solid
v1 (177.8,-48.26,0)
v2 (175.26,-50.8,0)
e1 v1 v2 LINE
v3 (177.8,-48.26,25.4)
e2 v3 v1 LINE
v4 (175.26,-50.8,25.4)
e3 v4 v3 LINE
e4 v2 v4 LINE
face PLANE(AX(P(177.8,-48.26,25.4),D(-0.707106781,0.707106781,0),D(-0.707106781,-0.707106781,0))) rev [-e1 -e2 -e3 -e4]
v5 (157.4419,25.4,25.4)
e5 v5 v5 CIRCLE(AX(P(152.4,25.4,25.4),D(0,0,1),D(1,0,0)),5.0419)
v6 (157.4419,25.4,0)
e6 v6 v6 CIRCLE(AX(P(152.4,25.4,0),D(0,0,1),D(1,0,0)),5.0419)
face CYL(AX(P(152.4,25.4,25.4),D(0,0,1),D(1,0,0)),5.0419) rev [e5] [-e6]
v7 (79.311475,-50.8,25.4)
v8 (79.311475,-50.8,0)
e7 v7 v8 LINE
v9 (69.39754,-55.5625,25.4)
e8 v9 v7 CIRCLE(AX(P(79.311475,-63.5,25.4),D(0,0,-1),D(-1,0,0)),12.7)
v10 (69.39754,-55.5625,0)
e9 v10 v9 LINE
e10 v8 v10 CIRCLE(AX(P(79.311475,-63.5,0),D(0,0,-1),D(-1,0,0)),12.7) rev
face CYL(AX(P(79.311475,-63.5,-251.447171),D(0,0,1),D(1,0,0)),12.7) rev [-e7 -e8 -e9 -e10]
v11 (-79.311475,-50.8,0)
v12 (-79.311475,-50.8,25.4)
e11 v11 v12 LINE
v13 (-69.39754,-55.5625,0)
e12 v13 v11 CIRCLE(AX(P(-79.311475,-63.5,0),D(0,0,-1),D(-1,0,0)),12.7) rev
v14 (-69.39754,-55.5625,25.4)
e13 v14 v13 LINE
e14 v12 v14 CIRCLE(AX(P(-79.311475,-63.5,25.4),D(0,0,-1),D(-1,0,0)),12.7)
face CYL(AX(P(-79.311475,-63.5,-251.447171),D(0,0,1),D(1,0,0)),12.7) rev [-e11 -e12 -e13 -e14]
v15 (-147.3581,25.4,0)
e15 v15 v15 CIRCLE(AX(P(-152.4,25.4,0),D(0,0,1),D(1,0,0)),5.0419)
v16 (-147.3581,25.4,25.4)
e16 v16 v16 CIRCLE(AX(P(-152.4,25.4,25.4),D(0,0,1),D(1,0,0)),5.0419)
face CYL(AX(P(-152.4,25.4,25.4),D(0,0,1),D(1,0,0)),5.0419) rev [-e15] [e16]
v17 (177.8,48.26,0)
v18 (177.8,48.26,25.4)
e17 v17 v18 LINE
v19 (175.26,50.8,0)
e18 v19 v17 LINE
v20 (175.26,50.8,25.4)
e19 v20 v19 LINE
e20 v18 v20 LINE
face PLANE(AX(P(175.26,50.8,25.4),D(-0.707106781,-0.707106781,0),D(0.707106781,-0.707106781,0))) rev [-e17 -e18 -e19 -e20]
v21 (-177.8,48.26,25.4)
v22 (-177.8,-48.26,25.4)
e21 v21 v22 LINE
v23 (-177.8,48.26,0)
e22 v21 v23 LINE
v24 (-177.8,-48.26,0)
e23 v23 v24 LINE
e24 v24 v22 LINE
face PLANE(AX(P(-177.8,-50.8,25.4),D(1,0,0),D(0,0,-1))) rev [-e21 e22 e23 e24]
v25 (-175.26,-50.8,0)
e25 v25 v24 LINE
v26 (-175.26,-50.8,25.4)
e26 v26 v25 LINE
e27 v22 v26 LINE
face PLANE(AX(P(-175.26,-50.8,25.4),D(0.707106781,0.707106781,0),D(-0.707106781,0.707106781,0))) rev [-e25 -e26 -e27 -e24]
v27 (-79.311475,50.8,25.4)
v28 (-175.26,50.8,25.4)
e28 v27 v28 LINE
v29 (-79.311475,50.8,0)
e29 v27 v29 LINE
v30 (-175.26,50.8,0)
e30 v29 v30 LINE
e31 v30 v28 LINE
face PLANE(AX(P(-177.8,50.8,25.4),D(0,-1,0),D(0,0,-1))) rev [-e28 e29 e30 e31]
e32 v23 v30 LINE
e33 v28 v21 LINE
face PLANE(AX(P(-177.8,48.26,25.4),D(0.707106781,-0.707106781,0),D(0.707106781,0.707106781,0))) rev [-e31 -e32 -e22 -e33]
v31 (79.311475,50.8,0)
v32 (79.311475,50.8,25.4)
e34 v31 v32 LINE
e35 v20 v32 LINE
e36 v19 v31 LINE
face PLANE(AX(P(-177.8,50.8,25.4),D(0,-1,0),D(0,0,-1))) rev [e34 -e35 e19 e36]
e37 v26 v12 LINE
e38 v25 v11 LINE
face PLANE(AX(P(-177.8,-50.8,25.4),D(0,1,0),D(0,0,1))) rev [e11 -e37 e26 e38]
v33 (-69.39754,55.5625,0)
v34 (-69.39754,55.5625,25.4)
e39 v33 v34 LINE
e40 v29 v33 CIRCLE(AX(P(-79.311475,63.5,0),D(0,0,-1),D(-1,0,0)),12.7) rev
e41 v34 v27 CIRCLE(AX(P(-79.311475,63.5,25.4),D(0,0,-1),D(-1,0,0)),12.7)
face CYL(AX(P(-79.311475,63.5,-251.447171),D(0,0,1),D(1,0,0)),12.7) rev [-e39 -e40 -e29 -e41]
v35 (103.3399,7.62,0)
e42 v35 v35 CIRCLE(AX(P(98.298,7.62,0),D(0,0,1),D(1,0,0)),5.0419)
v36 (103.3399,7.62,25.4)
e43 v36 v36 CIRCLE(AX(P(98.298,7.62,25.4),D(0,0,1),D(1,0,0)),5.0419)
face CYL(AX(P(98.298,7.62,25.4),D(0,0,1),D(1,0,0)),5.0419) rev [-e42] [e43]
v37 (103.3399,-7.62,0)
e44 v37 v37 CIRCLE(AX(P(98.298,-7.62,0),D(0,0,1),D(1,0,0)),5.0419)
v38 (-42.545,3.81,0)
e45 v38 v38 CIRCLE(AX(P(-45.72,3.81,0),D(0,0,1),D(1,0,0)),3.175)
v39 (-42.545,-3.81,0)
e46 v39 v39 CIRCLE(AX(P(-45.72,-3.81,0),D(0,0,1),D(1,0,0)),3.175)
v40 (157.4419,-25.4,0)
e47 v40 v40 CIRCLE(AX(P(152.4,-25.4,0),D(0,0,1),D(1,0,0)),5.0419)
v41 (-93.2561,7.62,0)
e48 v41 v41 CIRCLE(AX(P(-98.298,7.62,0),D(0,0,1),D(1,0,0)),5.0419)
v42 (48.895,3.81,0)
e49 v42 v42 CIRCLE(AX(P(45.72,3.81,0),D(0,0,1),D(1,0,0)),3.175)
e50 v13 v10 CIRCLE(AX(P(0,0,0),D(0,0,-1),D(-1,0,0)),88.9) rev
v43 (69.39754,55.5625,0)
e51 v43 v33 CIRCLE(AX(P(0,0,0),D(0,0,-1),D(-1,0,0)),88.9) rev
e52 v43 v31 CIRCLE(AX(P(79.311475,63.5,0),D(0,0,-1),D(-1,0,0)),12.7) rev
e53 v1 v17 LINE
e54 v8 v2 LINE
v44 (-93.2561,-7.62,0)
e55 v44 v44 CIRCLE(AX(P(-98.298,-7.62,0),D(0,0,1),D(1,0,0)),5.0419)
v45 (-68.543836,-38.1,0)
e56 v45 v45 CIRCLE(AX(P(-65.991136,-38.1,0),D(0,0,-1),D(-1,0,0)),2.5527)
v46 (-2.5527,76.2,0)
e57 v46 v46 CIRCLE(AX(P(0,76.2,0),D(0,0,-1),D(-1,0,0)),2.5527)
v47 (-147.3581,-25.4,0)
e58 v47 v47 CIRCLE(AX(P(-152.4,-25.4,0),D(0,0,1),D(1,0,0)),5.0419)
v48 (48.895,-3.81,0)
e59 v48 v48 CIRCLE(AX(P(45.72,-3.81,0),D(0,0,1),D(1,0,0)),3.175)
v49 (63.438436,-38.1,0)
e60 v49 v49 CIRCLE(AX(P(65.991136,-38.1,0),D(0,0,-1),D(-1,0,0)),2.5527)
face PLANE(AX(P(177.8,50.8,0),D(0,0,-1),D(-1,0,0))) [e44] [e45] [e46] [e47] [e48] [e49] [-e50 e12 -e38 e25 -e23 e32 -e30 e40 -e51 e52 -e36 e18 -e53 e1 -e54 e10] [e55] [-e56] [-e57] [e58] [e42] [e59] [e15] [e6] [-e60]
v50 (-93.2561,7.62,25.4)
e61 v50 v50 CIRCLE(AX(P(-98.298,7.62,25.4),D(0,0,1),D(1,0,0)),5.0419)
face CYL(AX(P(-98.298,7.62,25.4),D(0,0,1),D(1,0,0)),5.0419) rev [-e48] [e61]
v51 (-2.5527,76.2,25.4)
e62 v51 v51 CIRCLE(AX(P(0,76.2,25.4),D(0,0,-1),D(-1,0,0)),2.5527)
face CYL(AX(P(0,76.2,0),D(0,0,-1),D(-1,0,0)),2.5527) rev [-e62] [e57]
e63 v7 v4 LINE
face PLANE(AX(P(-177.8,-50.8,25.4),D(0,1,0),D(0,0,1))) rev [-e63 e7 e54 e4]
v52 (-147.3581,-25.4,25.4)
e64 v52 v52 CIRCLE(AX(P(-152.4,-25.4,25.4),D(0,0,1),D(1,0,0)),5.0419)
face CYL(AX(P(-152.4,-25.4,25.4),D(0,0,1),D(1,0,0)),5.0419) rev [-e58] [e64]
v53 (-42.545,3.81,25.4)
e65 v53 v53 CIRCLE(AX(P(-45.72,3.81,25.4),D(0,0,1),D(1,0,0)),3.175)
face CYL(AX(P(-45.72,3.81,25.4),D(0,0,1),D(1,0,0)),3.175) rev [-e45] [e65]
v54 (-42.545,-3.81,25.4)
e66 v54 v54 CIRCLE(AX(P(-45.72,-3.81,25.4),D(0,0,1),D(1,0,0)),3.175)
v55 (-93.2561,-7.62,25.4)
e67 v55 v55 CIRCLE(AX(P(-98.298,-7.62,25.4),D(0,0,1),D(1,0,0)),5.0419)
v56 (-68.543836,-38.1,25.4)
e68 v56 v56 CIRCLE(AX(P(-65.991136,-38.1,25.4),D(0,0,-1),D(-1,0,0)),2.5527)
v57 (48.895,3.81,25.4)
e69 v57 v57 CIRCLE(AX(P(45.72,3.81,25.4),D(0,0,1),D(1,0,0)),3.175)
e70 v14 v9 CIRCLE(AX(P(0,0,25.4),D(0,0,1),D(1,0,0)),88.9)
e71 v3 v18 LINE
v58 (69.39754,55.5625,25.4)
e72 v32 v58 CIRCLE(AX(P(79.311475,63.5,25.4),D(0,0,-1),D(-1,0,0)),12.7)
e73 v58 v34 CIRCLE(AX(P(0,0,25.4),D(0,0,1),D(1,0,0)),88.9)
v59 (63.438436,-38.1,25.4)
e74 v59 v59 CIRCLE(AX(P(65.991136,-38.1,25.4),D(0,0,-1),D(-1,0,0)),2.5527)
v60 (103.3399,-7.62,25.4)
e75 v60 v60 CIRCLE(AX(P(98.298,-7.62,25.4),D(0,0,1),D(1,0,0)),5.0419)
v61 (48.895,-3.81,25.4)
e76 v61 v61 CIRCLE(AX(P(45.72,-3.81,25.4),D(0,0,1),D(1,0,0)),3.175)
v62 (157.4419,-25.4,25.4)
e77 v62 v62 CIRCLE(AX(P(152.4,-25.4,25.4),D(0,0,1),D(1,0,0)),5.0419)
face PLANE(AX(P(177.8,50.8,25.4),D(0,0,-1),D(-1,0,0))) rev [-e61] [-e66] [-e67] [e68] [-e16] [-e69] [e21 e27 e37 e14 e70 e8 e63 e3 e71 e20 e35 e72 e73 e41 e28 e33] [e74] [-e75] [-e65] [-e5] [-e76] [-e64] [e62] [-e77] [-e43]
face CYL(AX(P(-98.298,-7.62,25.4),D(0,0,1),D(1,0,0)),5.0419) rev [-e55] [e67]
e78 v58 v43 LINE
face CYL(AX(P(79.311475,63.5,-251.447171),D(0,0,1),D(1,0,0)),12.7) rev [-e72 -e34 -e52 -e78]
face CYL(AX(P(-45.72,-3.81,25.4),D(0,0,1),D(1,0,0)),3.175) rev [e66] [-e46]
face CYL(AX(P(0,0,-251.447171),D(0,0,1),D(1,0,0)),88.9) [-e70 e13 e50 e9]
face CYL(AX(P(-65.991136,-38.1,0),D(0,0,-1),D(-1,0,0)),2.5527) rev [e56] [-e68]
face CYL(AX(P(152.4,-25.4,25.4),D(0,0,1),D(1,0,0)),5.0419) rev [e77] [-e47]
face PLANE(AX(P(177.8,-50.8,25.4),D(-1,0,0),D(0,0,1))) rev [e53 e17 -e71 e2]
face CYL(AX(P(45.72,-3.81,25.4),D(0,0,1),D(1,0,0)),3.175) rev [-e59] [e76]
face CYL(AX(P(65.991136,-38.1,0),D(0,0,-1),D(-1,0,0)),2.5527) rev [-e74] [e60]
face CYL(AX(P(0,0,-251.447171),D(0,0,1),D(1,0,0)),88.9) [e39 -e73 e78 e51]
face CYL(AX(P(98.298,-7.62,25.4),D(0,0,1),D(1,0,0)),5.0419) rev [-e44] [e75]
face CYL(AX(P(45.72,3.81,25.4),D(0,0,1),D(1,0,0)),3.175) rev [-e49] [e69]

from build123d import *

# Parameters (mm, degrees)
SKETCH1_W               = 355.6
SKETCH1_H               = 101.6
EXTRUDE1_DEPTH          = 25.4
SKETCH10_R              = 88.9
EXTRUDE2_DEPTH          = 25.4
F_10_CLEARANCE_HOLE1_D  = 5.1054
CIRPATTERN1_COUNT       = 3
F_3_8_CLEARANCE_HOLE2_D = 10.0838
LPATTERN1_COUNT         = 2
LPATTERN1_PITCH         = 15.24
LPATTERN1_COUNT_DIR2    = 2
LPATTERN1_PITCH_DIR2    = 196.596
F_3_8_CLEARANCE_HOLE1_D = 10.0838
LPATTERN2_COUNT         = 2
LPATTERN2_PITCH         = 304.8
LPATTERN2_COUNT_DIR2    = 2
LPATTERN2_PITCH_DIR2    = 50.8
LPATTERN3_COUNT         = 2
LPATTERN3_PITCH         = 7.62
LPATTERN3_COUNT_DIR2    = 2
LPATTERN3_PITCH_DIR2    = 91.44
FILLET2_R               = 12.7
CHAMFER1_SIZE           = 2.54


with BuildPart() as part:
    # Sketch1 → Extrude1 (new body)
    with BuildSketch(Plane.XY):
        Rectangle(SKETCH1_W, SKETCH1_H)
    extrude(amount=EXTRUDE1_DEPTH)

    # Sketch10 → Extrude2 (add)
    with BuildSketch(Plane.XY.offset(25.4)):
        Circle(SKETCH10_R)
    extrude(amount=-EXTRUDE2_DEPTH)

    # 10 Clearance Hole1 (through all)
    with Locations(Plane(origin=(0, 0, 0), x_dir=(-1, 0, 0), z_dir=(0, 0, -1))):
        with Locations((0, 76.2)):
            f_10_clearance_hole1 = Hole(F_10_CLEARANCE_HOLE1_D / 2)

    # CirPattern1: 10 Clearance Hole1 ×3 about axis
    cirpattern1_axis = Axis((0, 0, 0), (0, 0, 1))
    for i in range(1, CIRPATTERN1_COUNT):
        add(f_10_clearance_hole1.rotate(cirpattern1_axis, i * 360 / CIRPATTERN1_COUNT), mode=Mode.SUBTRACT)

    # 3_8 Clearance Hole2 (through all)
    with Locations(Plane.XY.offset(25.4)):
        with Locations((98.298, 7.62)):
            f_3_8_clearance_hole2 = Hole(F_3_8_CLEARANCE_HOLE2_D / 2)

    # LPattern1: 3_8 Clearance Hole2 2 × 2
    with Locations(*[(-j * LPATTERN1_PITCH_DIR2, -i * LPATTERN1_PITCH, 0) for i in range(LPATTERN1_COUNT) for j in range(LPATTERN1_COUNT_DIR2) if (i, j) != (0, 0)]):
        add(f_3_8_clearance_hole2, mode=Mode.SUBTRACT)

    # 3_8 Clearance Hole1 (through all)
    with Locations(Plane.XY.offset(25.4)):
        with Locations((-152.4, 25.4)):
            f_3_8_clearance_hole1 = Hole(F_3_8_CLEARANCE_HOLE1_D / 2)

    # LPattern2: 3_8 Clearance Hole1 2 × 2
    with Locations(*[(i * LPATTERN2_PITCH, -j * LPATTERN2_PITCH_DIR2, 0) for i in range(LPATTERN2_COUNT) for j in range(LPATTERN2_COUNT_DIR2) if (i, j) != (0, 0)]):
        add(f_3_8_clearance_hole1, mode=Mode.SUBTRACT)

    # Sketch8 → 1_4 _0.25_ Diameter Hole1 (revolve, cut)
    with BuildSketch(Plane(origin=(45.72, 3.81, 25.4), x_dir=(0, -1, 0), z_dir=(1, 0, 0))):
        Polygon((0, 0), (0, 27.307732465), (3.175, 25.4), (3.175, 0), align=None)
    f_1_4_0_25_diameter_hole1 = revolve(axis=Axis((45.72, 3.81, 31.75), (0, 0, -1)), mode=Mode.SUBTRACT)

    # LPattern3: 1_4 _0.25_ Diameter Hole1 2 × 2
    with Locations(*[(-j * LPATTERN3_PITCH_DIR2, -i * LPATTERN3_PITCH, 0) for i in range(LPATTERN3_COUNT) for j in range(LPATTERN3_COUNT_DIR2) if (i, j) != (0, 0)]):
        add(f_1_4_0_25_diameter_hole1, mode=Mode.SUBTRACT)

    # Fillet2
    fillet2_edges = [part.edges().sort_by_distance(p)[0] for p in [
        (72.955945611, 50.8, 12.7),
        (72.955945611, -50.8, 12.7),
        (-72.955945611, 50.8, 12.7),
        (-72.955945611, -50.8, 12.7),
    ]]
    fillet(fillet2_edges, radius=FILLET2_R)

    # Chamfer1
    chamfer1_edges = [part.edges().sort_by_distance(p)[0] for p in [
        (177.8, -50.8, 12.7),
        (-177.8, -50.8, 12.7),
        (-177.8, 50.8, 12.7),
        (177.8, 50.8, 12.7),
    ]]
    chamfer(chamfer1_edges, length=CHAMFER1_SIZE)


solid = part.part
